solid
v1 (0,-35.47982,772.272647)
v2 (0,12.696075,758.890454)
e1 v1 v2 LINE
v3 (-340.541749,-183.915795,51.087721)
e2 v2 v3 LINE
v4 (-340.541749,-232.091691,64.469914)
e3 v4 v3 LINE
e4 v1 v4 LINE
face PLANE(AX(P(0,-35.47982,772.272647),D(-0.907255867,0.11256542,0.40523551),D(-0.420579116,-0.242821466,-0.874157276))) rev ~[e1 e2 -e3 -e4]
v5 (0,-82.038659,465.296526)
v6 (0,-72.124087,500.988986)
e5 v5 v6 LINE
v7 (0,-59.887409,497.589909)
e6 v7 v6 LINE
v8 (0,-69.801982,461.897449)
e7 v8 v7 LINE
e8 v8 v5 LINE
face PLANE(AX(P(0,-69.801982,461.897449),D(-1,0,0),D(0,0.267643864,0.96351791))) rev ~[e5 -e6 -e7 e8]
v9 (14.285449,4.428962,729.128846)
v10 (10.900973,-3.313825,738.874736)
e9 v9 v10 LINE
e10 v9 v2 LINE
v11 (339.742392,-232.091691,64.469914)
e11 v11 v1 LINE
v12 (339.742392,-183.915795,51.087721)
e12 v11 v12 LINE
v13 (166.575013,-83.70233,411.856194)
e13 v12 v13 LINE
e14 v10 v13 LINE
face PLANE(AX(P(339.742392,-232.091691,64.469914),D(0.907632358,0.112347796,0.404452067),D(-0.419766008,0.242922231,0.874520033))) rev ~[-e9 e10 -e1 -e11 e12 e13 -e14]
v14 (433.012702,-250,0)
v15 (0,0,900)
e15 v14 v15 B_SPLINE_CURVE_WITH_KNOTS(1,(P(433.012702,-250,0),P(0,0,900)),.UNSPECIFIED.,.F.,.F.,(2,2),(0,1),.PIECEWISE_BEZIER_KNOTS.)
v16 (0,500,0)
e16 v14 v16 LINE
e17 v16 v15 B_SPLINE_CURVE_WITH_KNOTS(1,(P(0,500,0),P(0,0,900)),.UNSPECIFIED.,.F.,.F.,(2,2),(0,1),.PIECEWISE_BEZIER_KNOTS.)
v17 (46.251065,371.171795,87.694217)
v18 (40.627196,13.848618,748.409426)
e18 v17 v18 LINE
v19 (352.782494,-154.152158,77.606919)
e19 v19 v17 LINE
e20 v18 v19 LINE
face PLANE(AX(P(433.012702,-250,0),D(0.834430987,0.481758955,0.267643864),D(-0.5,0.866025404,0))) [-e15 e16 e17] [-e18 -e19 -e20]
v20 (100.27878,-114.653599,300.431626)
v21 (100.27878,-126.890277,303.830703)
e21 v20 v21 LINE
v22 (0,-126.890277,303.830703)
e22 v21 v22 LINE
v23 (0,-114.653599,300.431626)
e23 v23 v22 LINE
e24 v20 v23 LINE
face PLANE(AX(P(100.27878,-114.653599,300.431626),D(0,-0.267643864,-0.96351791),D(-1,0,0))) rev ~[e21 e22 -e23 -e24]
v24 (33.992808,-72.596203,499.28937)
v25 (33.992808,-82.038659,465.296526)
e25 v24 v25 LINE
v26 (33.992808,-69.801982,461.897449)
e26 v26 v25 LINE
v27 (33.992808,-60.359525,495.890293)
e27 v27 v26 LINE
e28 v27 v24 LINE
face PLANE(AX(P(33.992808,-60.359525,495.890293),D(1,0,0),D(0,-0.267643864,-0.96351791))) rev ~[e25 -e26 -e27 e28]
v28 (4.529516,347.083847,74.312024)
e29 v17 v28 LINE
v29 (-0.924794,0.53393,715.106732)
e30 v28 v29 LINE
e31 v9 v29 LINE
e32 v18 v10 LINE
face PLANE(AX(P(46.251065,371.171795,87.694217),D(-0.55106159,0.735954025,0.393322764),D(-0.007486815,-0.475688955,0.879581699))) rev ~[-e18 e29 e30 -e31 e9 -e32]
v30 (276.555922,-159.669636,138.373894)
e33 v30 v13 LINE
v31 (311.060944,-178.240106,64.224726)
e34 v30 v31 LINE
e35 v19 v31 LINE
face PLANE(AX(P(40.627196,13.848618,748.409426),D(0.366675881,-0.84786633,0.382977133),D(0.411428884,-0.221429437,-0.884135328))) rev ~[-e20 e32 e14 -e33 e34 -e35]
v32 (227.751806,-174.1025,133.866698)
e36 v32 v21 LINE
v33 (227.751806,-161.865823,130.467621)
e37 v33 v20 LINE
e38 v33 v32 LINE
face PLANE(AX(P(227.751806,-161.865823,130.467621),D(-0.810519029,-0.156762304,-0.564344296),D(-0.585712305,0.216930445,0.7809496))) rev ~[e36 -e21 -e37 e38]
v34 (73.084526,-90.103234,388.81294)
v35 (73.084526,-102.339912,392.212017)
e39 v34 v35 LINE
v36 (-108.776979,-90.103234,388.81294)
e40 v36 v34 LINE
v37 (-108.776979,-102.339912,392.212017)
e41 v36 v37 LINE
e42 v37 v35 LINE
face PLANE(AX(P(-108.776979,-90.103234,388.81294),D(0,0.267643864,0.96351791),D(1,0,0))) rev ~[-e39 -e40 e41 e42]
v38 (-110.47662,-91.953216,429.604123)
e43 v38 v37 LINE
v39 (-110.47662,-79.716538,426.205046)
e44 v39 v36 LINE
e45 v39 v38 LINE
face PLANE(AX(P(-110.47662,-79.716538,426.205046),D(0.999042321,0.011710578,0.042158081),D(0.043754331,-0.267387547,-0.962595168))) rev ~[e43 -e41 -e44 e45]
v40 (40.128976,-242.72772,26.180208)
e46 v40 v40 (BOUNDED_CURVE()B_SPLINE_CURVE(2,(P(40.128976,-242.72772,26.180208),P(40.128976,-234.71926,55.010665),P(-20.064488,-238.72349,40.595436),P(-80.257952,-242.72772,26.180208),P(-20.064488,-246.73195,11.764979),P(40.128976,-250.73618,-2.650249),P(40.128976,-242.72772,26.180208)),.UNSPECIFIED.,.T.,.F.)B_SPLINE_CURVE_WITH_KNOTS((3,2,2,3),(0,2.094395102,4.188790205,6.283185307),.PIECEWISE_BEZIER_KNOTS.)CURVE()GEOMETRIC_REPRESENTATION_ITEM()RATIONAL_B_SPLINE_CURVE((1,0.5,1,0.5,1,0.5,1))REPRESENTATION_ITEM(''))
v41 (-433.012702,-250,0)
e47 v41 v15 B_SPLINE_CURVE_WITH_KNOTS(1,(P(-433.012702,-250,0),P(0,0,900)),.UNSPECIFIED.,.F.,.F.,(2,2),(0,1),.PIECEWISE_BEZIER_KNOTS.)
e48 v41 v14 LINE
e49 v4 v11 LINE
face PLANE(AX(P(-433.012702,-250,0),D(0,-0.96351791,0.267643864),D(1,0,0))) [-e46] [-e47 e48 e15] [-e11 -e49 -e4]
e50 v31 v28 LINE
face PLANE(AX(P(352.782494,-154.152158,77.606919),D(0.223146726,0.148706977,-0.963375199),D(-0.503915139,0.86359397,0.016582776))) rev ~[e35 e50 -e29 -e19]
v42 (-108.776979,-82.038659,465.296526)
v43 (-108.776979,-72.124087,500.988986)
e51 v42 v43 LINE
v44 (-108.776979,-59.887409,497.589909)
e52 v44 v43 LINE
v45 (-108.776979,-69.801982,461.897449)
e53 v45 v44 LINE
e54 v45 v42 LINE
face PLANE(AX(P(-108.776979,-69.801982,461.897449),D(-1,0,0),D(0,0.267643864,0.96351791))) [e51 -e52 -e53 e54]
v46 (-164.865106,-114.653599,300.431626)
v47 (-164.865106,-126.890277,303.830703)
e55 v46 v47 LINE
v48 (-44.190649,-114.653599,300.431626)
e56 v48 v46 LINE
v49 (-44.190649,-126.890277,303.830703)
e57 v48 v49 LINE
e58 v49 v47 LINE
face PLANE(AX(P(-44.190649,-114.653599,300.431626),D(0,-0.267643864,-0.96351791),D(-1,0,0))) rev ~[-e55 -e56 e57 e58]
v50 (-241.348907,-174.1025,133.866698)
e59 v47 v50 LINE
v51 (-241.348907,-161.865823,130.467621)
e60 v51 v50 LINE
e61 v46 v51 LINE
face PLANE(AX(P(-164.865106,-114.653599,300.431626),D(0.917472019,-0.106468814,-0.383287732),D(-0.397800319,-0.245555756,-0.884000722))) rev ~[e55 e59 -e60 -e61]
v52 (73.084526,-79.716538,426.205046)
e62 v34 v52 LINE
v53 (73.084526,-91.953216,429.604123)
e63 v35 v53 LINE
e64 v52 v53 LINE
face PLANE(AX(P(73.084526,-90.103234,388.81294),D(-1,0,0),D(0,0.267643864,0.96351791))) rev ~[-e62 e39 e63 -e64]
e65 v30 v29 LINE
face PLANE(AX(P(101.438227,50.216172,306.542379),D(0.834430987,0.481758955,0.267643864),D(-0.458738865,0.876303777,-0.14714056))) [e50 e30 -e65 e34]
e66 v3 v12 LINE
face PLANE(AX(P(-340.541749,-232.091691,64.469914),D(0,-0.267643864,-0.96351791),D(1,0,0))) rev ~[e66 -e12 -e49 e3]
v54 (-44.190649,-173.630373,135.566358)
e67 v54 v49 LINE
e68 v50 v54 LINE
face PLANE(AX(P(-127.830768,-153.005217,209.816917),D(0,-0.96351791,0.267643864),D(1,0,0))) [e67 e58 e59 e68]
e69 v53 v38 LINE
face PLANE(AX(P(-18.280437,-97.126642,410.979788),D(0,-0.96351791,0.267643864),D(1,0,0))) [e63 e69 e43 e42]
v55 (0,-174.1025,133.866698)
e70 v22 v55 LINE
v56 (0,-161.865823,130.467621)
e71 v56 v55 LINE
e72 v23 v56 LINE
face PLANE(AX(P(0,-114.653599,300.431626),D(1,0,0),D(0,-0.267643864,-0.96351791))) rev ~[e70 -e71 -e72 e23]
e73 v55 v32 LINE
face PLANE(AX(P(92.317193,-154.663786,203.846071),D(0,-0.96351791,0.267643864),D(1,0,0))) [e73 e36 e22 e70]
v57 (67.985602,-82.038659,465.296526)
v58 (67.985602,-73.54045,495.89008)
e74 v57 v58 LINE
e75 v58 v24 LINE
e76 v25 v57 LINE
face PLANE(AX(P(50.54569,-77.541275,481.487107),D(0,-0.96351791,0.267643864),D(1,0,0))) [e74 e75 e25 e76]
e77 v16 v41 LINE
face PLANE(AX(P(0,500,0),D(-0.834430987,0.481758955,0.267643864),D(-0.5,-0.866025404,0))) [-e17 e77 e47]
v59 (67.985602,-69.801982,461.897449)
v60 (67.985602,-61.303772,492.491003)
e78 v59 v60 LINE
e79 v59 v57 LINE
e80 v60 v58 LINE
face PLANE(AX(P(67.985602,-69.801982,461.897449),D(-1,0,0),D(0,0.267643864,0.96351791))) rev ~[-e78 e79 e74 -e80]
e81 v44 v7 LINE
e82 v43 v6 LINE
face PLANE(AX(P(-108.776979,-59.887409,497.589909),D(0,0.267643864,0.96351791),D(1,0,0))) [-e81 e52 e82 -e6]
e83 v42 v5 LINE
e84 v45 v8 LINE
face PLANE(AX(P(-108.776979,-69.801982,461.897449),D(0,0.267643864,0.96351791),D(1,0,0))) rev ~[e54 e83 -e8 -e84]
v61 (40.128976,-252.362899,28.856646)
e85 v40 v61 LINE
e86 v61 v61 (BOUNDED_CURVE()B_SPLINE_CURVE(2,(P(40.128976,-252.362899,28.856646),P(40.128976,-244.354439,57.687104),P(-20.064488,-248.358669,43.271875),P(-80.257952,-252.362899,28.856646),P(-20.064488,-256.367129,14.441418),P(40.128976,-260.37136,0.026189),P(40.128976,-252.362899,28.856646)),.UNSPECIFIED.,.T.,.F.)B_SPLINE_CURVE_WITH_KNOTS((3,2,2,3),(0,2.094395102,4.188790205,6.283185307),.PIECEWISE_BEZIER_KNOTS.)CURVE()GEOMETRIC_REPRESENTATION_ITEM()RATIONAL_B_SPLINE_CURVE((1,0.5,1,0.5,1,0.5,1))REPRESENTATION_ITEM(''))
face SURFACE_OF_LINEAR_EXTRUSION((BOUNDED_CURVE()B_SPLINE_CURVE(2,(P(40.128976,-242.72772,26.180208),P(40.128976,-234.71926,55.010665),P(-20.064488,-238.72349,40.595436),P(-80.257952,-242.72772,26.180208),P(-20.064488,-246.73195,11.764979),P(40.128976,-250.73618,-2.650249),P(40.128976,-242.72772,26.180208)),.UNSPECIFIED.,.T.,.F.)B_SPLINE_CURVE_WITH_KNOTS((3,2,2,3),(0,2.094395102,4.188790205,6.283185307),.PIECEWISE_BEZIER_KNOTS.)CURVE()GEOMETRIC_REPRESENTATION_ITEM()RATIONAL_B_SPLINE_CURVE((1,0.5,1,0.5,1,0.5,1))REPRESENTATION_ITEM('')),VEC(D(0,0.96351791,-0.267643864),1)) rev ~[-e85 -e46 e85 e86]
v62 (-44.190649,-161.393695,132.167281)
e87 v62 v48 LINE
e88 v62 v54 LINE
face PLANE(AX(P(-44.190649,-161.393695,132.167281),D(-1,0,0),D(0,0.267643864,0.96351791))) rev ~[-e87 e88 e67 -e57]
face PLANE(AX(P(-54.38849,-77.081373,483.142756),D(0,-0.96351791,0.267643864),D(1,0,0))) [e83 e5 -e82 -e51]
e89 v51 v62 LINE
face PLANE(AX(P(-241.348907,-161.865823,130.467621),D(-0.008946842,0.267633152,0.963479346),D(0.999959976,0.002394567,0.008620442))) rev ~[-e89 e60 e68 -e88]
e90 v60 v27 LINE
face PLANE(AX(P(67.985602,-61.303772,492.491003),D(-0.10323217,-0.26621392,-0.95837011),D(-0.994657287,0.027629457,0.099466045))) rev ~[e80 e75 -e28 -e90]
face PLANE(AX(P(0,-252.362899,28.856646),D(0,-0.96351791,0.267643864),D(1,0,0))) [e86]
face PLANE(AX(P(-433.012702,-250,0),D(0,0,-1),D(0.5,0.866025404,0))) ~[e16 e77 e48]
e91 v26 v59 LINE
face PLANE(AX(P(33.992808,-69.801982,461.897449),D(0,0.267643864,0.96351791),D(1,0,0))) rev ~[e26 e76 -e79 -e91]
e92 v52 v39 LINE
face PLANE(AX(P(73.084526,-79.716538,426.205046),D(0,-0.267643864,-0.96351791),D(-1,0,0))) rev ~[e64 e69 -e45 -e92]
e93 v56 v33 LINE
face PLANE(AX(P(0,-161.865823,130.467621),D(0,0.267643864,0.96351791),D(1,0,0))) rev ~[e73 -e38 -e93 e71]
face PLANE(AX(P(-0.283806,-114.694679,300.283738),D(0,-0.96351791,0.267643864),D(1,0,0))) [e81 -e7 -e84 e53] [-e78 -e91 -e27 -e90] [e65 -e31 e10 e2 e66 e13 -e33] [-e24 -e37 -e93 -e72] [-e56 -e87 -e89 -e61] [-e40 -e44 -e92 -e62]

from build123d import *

# Parameters (mm, degrees)
F6_DEPTH  = 50
F8_DEPTH  = 50
F11_DEPTH = 10
F9_W      = 108.7769791484
F9_H      = 37.0438992977
F12_DEPTH = 12.7


with BuildPart() as f4:
    # F0 (on Top) → F4 section 0
    with BuildSketch(Plane.XY, mode=Mode.PRIVATE) as f4_s0:
        Polygon((-433.0127018922, -250), (433.0127018922, -250), (0, 500), align=None)
    loft([f4_s0.sketch, Vertex(0, 0, 900)])

    # F5 (on face) → F6 (cut)
    with BuildSketch(Plane(origin=(0, -232.0916905444, 64.4699140401), x_dir=(1, 0, 0), z_dir=(0, -0.9635179096, 0.2676438638))):
        Polygon((339.7423923016, 0), (0, 734.6025705338), (-340.5417487738, 0), align=None)
    extrude(amount=-F6_DEPTH, mode=Mode.SUBTRACT)

    # F7 (on face) → F8 (cut)
    with BuildSketch(Plane(origin=(200.9973000187, 116.0458452722, 64.4699140401), x_dir=(-0.458738865, 0.8763037769, -0.1471405596), z_dir=(0.8344309867, 0.4817589548, 0.2676438638))):
        Polygon((291.1387085915, 69.377720356), (-116.6230589151, 700.2393603325), (-308.3382844925, -33.8495075703), align=None)
    extrude(amount=-F8_DEPTH, mode=Mode.SUBTRACT)

    # F10 (on face) → F11 (join)
    with BuildSketch(Plane(origin=(0, -232.0916905444, 64.4699140401), x_dir=(1, 0, 0), z_dir=(0, -0.9635179096, 0.2676438638))):
        with BuildLine():
            add(Edge.make_bspline(
                [(40.1289761066, -39.7394858301), (40.1289761066, -9.8174087107), (-20.0644880533, -24.7784472704), (-80.2579522133, -39.7394858301), (-20.0644880533, -54.7005243897), (40.1289761066, -69.6615629494), (40.1289761066, -39.7394858301)],
                knots=[0, 0, 0, 2.0943951024, 2.0943951024, 4.1887902048, 4.1887902048, 6.2831853072, 6.2831853072, 6.2831853072], degree=2, weights=[1, 0.5, 1, 0.5, 1, 0.5, 1]))
        make_face()
    extrude(amount=F11_DEPTH)

    # F9 (on face) → F12 (join)
    with BuildSketch(Plane(origin=(0, -183.9157950629, 51.0877208508), x_dir=(1, 0, 0), z_dir=(0, -0.9635179096, 0.2676438638))):
        Polygon((-164.8651063442, 258.7849199772), (-241.3489073515, 82.3854953051), (-44.1906489432, 84.1495096684), (-44.1906489432, 258.7849199772), align=None)
        Polygon((100.2787798643, 258.7849199772), (0, 258.7849199772), (0, 82.3854953051), (227.7518063784, 82.3854953051), align=None)
        Polygon((-110.4766204953, 389.3205523491), (-108.7769791484, 350.5126535892), (73.084525764, 350.5126535892), (73.084525764, 389.3205523491), align=None)
        with Locations((-54.3884895742, 444.886341691)):
            Rectangle(F9_W, F9_H)
        Polygon((67.9856017232, 458.1163227558), (33.9928083122, 461.6443216801), (33.9928083122, 426.3643920422), (67.9856017232, 426.3643920422), align=None)
    extrude(amount=F12_DEPTH)


solid = f4.part
